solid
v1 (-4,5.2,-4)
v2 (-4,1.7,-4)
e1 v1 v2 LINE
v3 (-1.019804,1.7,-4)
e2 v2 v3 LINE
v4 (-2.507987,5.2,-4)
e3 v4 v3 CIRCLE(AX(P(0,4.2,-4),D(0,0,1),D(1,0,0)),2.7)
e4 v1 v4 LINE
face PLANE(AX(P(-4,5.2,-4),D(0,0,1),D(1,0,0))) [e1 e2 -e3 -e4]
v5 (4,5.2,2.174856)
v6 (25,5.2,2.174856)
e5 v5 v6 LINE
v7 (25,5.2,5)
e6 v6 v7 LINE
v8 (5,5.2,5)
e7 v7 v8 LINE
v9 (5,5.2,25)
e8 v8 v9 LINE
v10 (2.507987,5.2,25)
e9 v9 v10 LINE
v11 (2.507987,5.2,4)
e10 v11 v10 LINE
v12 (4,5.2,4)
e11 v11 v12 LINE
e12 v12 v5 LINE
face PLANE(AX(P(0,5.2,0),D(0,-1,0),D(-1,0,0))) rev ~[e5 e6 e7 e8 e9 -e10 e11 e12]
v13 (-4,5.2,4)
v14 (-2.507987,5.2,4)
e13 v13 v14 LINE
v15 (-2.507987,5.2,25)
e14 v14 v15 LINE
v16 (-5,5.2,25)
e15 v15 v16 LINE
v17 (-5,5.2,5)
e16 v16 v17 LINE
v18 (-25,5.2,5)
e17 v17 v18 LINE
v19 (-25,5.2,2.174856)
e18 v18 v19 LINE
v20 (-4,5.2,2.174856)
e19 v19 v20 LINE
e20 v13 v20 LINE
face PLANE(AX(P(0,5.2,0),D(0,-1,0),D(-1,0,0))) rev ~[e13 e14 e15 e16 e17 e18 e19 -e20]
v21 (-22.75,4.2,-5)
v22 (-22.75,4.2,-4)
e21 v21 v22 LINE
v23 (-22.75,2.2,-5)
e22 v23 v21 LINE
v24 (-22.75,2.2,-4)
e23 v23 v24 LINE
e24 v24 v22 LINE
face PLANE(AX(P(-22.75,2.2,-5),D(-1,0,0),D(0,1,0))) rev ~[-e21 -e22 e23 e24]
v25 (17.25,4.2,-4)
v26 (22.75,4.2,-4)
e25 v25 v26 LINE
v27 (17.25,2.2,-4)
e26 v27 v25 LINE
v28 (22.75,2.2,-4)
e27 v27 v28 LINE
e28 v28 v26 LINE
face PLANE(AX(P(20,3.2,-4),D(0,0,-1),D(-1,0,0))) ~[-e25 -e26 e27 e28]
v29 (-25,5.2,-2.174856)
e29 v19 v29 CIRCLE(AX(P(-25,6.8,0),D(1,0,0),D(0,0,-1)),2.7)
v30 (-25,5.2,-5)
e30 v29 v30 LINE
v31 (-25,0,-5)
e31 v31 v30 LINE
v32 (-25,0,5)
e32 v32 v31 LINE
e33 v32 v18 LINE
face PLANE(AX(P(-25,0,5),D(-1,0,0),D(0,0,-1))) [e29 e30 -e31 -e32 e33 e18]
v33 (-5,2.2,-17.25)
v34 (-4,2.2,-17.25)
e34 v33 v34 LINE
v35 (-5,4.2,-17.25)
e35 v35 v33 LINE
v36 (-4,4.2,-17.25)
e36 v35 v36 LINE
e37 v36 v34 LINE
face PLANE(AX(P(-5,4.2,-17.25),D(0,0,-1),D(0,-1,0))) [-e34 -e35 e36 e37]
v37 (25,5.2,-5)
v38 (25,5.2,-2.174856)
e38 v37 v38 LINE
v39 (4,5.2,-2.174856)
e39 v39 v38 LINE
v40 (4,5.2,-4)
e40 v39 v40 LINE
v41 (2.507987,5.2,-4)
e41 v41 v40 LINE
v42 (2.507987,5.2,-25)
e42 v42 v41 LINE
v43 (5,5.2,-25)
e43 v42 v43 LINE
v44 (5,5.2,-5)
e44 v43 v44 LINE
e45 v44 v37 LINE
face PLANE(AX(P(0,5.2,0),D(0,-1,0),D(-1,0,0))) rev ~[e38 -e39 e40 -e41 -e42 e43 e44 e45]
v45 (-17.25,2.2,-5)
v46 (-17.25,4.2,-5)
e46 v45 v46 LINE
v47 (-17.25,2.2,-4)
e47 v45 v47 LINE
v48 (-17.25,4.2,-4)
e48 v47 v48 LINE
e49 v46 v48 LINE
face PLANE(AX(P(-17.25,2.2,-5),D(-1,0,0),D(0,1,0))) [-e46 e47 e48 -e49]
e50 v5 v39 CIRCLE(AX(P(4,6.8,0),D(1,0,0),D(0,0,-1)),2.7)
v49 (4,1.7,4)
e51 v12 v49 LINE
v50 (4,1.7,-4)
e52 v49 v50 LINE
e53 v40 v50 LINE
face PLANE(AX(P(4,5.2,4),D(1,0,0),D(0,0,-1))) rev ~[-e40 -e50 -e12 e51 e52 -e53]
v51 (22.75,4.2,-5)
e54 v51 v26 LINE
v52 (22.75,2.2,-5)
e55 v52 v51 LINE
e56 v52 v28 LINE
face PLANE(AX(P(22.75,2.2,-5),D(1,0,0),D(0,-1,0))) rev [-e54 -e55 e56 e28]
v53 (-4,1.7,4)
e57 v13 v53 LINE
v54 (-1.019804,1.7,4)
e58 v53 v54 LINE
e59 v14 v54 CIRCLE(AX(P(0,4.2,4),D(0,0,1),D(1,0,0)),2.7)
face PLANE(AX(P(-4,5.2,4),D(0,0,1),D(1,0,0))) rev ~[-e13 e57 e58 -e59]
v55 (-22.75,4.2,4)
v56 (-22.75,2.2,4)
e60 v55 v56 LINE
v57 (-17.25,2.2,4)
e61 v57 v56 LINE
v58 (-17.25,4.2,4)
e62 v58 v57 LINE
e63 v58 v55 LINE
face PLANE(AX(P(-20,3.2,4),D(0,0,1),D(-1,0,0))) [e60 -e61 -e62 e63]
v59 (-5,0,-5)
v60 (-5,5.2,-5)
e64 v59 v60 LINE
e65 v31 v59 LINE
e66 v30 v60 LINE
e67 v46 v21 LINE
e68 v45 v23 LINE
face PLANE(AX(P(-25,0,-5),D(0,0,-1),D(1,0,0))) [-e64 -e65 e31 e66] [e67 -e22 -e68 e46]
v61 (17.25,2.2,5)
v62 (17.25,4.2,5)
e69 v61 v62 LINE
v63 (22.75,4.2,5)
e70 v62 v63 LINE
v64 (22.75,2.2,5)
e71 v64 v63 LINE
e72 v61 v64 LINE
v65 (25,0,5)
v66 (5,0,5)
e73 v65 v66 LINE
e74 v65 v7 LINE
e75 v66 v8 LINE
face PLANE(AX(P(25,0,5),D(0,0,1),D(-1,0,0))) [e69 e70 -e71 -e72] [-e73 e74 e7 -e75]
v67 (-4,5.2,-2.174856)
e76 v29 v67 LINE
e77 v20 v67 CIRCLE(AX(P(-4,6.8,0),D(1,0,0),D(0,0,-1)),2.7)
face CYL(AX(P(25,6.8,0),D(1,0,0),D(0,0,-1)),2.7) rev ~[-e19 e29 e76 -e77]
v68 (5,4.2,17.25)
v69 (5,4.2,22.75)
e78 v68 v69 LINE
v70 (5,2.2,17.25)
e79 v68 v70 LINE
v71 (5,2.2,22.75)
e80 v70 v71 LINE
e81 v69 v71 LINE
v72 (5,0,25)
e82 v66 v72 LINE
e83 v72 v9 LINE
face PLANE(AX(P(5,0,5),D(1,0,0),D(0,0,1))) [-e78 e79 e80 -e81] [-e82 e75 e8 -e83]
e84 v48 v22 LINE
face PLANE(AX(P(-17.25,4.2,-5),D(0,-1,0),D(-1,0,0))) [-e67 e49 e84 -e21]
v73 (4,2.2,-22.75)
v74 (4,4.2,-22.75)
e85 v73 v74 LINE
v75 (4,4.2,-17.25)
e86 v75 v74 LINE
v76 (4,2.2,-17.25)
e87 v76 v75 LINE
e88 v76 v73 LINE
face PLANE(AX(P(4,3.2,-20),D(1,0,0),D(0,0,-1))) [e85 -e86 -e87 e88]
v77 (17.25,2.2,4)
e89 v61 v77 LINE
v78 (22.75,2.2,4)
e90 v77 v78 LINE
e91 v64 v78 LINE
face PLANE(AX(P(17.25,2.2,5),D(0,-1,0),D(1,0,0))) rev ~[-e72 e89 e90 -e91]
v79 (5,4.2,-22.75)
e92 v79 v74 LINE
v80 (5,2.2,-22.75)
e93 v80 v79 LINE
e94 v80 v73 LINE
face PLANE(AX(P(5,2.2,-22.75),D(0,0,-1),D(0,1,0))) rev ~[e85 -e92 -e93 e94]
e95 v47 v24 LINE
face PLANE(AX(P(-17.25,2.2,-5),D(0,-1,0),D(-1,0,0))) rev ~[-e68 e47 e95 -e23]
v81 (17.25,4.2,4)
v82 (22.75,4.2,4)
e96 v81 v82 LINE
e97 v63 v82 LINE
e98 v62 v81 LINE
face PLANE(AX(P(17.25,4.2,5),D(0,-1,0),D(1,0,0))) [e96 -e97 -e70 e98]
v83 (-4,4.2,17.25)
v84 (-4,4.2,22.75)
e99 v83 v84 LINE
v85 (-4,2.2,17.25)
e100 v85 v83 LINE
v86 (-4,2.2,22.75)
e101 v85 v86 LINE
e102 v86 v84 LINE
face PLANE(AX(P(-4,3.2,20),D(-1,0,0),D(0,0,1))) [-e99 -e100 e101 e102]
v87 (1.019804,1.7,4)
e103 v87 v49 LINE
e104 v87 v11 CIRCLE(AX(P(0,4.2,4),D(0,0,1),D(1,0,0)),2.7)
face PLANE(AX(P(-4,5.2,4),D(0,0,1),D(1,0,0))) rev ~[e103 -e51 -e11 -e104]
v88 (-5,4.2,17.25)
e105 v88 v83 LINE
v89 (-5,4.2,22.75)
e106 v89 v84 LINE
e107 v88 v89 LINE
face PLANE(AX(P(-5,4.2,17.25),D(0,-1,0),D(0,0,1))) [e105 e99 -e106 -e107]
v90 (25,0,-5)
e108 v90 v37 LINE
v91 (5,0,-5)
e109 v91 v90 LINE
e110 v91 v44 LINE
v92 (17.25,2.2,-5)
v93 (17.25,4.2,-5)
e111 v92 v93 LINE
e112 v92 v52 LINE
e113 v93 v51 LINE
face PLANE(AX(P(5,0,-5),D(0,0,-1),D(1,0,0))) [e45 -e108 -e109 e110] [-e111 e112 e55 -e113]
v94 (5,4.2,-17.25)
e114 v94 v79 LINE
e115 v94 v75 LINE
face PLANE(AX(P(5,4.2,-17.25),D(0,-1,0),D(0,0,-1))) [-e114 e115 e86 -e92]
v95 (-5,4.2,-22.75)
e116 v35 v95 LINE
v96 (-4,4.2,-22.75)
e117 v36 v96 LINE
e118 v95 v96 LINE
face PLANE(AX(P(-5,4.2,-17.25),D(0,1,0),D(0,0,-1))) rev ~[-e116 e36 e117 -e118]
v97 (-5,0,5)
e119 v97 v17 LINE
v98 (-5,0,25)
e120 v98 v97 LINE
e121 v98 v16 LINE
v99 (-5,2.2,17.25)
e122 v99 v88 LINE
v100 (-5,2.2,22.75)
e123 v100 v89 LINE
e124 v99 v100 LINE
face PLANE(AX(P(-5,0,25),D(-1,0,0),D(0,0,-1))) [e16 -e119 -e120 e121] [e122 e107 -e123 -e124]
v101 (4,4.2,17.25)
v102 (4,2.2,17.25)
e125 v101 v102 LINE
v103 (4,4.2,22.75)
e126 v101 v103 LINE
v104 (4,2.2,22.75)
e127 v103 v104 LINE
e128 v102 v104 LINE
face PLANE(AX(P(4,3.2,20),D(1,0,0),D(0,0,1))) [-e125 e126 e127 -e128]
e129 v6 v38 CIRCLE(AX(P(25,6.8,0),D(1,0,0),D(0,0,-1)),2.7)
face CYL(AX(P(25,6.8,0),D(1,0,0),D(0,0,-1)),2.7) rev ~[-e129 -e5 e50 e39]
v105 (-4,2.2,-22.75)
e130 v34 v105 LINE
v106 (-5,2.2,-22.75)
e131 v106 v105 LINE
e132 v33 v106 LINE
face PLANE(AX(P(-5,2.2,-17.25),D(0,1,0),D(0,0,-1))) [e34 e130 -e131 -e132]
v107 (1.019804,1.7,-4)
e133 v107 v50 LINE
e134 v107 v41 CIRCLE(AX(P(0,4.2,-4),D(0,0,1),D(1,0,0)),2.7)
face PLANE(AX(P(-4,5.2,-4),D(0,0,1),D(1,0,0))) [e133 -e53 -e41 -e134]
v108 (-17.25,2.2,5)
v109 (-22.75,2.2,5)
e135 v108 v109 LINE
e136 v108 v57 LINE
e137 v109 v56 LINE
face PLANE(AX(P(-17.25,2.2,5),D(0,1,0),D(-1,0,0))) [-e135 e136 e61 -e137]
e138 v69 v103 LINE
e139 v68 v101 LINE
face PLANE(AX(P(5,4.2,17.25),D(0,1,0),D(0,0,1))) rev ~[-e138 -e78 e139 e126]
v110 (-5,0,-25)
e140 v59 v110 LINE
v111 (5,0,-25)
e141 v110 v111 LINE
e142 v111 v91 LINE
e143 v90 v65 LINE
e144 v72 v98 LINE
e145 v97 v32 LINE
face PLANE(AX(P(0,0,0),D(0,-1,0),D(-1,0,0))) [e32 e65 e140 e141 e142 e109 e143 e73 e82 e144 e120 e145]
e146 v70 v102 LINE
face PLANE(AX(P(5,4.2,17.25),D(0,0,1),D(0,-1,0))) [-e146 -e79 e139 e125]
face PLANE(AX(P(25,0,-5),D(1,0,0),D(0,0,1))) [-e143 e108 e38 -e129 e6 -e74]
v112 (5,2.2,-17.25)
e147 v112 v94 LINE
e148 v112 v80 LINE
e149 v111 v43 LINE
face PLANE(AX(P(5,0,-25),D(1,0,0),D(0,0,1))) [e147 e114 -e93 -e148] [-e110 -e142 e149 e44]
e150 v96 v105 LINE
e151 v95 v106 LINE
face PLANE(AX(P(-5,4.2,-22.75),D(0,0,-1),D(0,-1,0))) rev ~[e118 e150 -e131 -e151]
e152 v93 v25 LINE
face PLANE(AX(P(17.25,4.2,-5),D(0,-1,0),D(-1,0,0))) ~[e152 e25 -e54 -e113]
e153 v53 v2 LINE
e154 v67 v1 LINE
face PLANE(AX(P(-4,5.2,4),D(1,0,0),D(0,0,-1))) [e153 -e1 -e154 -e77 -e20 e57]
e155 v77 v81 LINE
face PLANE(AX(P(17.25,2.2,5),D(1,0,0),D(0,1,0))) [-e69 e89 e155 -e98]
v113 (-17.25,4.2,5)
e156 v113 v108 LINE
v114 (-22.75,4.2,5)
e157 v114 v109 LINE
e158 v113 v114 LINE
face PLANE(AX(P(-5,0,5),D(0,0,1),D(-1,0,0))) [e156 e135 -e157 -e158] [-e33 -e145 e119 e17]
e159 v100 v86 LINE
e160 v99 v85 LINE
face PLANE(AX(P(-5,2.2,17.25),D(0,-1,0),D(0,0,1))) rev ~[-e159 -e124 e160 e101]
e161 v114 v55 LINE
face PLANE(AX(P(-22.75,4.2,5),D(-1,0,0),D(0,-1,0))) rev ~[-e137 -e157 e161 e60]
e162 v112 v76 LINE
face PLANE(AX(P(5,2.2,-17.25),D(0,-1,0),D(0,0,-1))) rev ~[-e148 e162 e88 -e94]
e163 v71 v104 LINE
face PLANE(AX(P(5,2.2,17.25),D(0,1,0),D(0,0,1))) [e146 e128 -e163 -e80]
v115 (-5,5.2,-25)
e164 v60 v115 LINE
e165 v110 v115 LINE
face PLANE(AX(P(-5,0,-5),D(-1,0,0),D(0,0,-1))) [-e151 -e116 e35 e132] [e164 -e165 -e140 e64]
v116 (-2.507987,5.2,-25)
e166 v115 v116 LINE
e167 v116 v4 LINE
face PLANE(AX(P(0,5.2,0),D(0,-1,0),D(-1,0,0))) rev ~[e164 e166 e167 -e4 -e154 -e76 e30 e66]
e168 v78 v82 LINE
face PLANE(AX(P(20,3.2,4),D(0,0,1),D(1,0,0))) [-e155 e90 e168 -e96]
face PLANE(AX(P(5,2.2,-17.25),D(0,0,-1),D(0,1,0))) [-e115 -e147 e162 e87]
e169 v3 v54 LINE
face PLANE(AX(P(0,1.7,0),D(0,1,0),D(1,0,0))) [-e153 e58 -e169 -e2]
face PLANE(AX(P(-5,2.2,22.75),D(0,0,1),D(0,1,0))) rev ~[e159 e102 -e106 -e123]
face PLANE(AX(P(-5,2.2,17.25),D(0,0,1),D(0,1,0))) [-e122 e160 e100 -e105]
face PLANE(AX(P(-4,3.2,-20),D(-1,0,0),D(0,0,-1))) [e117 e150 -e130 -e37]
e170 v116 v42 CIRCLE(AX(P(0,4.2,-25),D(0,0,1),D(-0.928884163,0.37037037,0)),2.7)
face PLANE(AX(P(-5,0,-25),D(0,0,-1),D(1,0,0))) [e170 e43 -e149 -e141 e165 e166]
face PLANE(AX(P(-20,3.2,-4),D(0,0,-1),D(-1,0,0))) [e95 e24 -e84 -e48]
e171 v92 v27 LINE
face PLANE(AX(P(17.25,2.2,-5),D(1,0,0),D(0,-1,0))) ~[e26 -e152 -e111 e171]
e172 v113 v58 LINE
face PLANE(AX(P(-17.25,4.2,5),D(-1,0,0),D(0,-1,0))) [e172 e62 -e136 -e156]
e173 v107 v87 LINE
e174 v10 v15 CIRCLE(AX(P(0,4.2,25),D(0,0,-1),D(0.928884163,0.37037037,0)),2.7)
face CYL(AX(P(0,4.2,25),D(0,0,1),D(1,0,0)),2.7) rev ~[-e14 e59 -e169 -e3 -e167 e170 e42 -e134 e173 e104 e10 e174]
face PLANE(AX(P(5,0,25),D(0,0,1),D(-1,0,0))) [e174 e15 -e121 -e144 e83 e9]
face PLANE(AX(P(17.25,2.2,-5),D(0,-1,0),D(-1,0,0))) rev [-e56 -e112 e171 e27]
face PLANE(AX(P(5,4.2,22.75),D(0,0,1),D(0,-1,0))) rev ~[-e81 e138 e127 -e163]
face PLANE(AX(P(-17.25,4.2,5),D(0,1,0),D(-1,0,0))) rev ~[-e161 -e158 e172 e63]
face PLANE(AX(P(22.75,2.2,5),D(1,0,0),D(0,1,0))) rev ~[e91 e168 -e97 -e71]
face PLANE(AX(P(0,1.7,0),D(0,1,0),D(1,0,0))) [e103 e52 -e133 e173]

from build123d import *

# Parameters (mm, degrees)
BOSS_EXTRUDE5_DEPTH         = 5.2
CUT_EXTRUDE1_REACH          = 58.143
SKETCH4_R                   = 2.7
SKETCH5_R                   = 2.7
CUT_EXTRUDE2_DEPTH          = 57.143031625
SKETCH6_W                   = 8
SKETCH6_H                   = 8
CUT_EXTRUDE3_DEPTH          = 3.5
SKETCH7_W                   = 5.5
SKETCH7_H                   = 2
CUT_EXTRUDE4_DEPTH          = 1
CIRPATTERN1_COPY_1_SKETCH_W = 5.5
CIRPATTERN1_COPY_1_SKETCH_H = 2
CIRPATTERN1_COPY_1_DEPTH    = 1
CIRPATTERN1_COPY_2_SKETCH_W = 5.5
CIRPATTERN1_COPY_2_SKETCH_H = 2
CIRPATTERN1_COPY_2_DEPTH    = 1
CIRPATTERN1_COPY_3_SKETCH_W = 5.5
CIRPATTERN1_COPY_3_SKETCH_H = 2
CIRPATTERN1_COPY_3_DEPTH    = 1
CIRPATTERN1_COPY_4_SKETCH_W = 5.5
CIRPATTERN1_COPY_4_SKETCH_H = 2
CIRPATTERN1_COPY_4_DEPTH    = 1
CIRPATTERN1_COPY_5_SKETCH_W = 5.5
CIRPATTERN1_COPY_5_SKETCH_H = 2
CIRPATTERN1_COPY_5_DEPTH    = 1
CIRPATTERN1_COPY_6_SKETCH_W = 5.5
CIRPATTERN1_COPY_6_SKETCH_H = 2
CIRPATTERN1_COPY_6_DEPTH    = 1


with BuildPart() as part:
    # Sketch3 → Boss-Extrude5 (new body)
    with BuildSketch(Plane(origin=(0, 0, 0), x_dir=(1, 0, 0), z_dir=(0, 1, 0))):
        Polygon((5, 5), (25, 5), (25, -5), (5, -5), (5, -25), (-5, -25), (-5, -5), (-25, -5), (-25, 5), (-5, 5), (-5, 25), (5, 25), align=None)
    extrude(amount=BOSS_EXTRUDE5_DEPTH)

    # Sketch4 → Cut-Extrude1 (cut, up to next)
    with BuildSketch(Plane.XY.offset(25), mode=Mode.PRIVATE) as cut_extrude1_sk1:
        with Locations((0, 4.2)):
            Circle(SKETCH4_R)
    cut_extrude1_tool1 = extrude(cut_extrude1_sk1.sketch, amount=-CUT_EXTRUDE1_REACH, mode=Mode.PRIVATE) & part.part
    add(cut_extrude1_tool1.solids().sort_by_distance((0, 4.2, 25))[0], mode=Mode.SUBTRACT)

    # Sketch5 → Cut-Extrude2 (cut, through all)
    with BuildSketch(Plane(origin=(25, 0, 0), x_dir=(0, 0, -1), z_dir=(1, 0, 0))):
        with Locations((0, 6.8)):
            Circle(SKETCH5_R)
    extrude(amount=-CUT_EXTRUDE2_DEPTH, mode=Mode.SUBTRACT)

    # Sketch6 → Cut-Extrude3 (cut)
    with BuildSketch(Plane(origin=(0, 5.2, 0), x_dir=(1, 0, 0), z_dir=(0, 1, 0))):
        Rectangle(SKETCH6_W, SKETCH6_H)
    extrude(amount=-CUT_EXTRUDE3_DEPTH, mode=Mode.SUBTRACT)

    # Sketch7 → Cut-Extrude4 (cut)
    with BuildSketch(Plane.XY.offset(5)):
        with Locations((20, 3.2)):
            Rectangle(SKETCH7_W, SKETCH7_H)
    cut_extrude4 = extrude(amount=-CUT_EXTRUDE4_DEPTH, mode=Mode.SUBTRACT)

    # Mirror1: Cut-Extrude4 across plane
    add(cut_extrude4.mirror(Plane.XY), mode=Mode.SUBTRACT)

    # CirPattern1 copy 1 sketch → CirPattern1 copy 1 (cut)
    with BuildSketch(Plane(origin=(5, 0, 0), x_dir=(0, 0, 1), z_dir=(1, 0, 0))):
        with Locations((20, -3.2)):
            Rectangle(CIRPATTERN1_COPY_1_SKETCH_W, CIRPATTERN1_COPY_1_SKETCH_H)
    extrude(amount=-CIRPATTERN1_COPY_1_DEPTH, mode=Mode.SUBTRACT)

    # CirPattern1 copy 2 sketch → CirPattern1 copy 2 (cut)
    with BuildSketch(Plane(origin=(0, 0, 5), x_dir=(-1, 0, 0), z_dir=(0, 0, 1))):
        with Locations((20, -3.2)):
            Rectangle(CIRPATTERN1_COPY_2_SKETCH_W, CIRPATTERN1_COPY_2_SKETCH_H)
    extrude(amount=-CIRPATTERN1_COPY_2_DEPTH, mode=Mode.SUBTRACT)

    # CirPattern1 copy 3 sketch → CirPattern1 copy 3 (cut)
    with BuildSketch(Plane(origin=(-5, 0, 0), x_dir=(0, 0, -1), z_dir=(-1, 0, 0))):
        with Locations((20, -3.2)):
            Rectangle(CIRPATTERN1_COPY_3_SKETCH_W, CIRPATTERN1_COPY_3_SKETCH_H)
    extrude(amount=-CIRPATTERN1_COPY_3_DEPTH, mode=Mode.SUBTRACT)

    # CirPattern1 copy 4 sketch → CirPattern1 copy 4 (cut)
    with BuildSketch(Plane.ZY.offset(5)):
        with Locations((20, 3.2)):
            Rectangle(CIRPATTERN1_COPY_4_SKETCH_W, CIRPATTERN1_COPY_4_SKETCH_H)
    extrude(amount=-CIRPATTERN1_COPY_4_DEPTH, mode=Mode.SUBTRACT)

    # CirPattern1 copy 5 sketch → CirPattern1 copy 5 (cut)
    with BuildSketch(Plane(origin=(0, 0, -5), x_dir=(-1, 0, 0), z_dir=(0, 0, -1))):
        with Locations((20, 3.2)):
            Rectangle(CIRPATTERN1_COPY_5_SKETCH_W, CIRPATTERN1_COPY_5_SKETCH_H)
    extrude(amount=-CIRPATTERN1_COPY_5_DEPTH, mode=Mode.SUBTRACT)

    # CirPattern1 copy 6 sketch → CirPattern1 copy 6 (cut)
    with BuildSketch(Plane(origin=(5, 0, 0), x_dir=(0, 0, -1), z_dir=(1, 0, 0))):
        with Locations((20, 3.2)):
            Rectangle(CIRPATTERN1_COPY_6_SKETCH_W, CIRPATTERN1_COPY_6_SKETCH_H)
    extrude(amount=-CIRPATTERN1_COPY_6_DEPTH, mode=Mode.SUBTRACT)


solid = part.part
